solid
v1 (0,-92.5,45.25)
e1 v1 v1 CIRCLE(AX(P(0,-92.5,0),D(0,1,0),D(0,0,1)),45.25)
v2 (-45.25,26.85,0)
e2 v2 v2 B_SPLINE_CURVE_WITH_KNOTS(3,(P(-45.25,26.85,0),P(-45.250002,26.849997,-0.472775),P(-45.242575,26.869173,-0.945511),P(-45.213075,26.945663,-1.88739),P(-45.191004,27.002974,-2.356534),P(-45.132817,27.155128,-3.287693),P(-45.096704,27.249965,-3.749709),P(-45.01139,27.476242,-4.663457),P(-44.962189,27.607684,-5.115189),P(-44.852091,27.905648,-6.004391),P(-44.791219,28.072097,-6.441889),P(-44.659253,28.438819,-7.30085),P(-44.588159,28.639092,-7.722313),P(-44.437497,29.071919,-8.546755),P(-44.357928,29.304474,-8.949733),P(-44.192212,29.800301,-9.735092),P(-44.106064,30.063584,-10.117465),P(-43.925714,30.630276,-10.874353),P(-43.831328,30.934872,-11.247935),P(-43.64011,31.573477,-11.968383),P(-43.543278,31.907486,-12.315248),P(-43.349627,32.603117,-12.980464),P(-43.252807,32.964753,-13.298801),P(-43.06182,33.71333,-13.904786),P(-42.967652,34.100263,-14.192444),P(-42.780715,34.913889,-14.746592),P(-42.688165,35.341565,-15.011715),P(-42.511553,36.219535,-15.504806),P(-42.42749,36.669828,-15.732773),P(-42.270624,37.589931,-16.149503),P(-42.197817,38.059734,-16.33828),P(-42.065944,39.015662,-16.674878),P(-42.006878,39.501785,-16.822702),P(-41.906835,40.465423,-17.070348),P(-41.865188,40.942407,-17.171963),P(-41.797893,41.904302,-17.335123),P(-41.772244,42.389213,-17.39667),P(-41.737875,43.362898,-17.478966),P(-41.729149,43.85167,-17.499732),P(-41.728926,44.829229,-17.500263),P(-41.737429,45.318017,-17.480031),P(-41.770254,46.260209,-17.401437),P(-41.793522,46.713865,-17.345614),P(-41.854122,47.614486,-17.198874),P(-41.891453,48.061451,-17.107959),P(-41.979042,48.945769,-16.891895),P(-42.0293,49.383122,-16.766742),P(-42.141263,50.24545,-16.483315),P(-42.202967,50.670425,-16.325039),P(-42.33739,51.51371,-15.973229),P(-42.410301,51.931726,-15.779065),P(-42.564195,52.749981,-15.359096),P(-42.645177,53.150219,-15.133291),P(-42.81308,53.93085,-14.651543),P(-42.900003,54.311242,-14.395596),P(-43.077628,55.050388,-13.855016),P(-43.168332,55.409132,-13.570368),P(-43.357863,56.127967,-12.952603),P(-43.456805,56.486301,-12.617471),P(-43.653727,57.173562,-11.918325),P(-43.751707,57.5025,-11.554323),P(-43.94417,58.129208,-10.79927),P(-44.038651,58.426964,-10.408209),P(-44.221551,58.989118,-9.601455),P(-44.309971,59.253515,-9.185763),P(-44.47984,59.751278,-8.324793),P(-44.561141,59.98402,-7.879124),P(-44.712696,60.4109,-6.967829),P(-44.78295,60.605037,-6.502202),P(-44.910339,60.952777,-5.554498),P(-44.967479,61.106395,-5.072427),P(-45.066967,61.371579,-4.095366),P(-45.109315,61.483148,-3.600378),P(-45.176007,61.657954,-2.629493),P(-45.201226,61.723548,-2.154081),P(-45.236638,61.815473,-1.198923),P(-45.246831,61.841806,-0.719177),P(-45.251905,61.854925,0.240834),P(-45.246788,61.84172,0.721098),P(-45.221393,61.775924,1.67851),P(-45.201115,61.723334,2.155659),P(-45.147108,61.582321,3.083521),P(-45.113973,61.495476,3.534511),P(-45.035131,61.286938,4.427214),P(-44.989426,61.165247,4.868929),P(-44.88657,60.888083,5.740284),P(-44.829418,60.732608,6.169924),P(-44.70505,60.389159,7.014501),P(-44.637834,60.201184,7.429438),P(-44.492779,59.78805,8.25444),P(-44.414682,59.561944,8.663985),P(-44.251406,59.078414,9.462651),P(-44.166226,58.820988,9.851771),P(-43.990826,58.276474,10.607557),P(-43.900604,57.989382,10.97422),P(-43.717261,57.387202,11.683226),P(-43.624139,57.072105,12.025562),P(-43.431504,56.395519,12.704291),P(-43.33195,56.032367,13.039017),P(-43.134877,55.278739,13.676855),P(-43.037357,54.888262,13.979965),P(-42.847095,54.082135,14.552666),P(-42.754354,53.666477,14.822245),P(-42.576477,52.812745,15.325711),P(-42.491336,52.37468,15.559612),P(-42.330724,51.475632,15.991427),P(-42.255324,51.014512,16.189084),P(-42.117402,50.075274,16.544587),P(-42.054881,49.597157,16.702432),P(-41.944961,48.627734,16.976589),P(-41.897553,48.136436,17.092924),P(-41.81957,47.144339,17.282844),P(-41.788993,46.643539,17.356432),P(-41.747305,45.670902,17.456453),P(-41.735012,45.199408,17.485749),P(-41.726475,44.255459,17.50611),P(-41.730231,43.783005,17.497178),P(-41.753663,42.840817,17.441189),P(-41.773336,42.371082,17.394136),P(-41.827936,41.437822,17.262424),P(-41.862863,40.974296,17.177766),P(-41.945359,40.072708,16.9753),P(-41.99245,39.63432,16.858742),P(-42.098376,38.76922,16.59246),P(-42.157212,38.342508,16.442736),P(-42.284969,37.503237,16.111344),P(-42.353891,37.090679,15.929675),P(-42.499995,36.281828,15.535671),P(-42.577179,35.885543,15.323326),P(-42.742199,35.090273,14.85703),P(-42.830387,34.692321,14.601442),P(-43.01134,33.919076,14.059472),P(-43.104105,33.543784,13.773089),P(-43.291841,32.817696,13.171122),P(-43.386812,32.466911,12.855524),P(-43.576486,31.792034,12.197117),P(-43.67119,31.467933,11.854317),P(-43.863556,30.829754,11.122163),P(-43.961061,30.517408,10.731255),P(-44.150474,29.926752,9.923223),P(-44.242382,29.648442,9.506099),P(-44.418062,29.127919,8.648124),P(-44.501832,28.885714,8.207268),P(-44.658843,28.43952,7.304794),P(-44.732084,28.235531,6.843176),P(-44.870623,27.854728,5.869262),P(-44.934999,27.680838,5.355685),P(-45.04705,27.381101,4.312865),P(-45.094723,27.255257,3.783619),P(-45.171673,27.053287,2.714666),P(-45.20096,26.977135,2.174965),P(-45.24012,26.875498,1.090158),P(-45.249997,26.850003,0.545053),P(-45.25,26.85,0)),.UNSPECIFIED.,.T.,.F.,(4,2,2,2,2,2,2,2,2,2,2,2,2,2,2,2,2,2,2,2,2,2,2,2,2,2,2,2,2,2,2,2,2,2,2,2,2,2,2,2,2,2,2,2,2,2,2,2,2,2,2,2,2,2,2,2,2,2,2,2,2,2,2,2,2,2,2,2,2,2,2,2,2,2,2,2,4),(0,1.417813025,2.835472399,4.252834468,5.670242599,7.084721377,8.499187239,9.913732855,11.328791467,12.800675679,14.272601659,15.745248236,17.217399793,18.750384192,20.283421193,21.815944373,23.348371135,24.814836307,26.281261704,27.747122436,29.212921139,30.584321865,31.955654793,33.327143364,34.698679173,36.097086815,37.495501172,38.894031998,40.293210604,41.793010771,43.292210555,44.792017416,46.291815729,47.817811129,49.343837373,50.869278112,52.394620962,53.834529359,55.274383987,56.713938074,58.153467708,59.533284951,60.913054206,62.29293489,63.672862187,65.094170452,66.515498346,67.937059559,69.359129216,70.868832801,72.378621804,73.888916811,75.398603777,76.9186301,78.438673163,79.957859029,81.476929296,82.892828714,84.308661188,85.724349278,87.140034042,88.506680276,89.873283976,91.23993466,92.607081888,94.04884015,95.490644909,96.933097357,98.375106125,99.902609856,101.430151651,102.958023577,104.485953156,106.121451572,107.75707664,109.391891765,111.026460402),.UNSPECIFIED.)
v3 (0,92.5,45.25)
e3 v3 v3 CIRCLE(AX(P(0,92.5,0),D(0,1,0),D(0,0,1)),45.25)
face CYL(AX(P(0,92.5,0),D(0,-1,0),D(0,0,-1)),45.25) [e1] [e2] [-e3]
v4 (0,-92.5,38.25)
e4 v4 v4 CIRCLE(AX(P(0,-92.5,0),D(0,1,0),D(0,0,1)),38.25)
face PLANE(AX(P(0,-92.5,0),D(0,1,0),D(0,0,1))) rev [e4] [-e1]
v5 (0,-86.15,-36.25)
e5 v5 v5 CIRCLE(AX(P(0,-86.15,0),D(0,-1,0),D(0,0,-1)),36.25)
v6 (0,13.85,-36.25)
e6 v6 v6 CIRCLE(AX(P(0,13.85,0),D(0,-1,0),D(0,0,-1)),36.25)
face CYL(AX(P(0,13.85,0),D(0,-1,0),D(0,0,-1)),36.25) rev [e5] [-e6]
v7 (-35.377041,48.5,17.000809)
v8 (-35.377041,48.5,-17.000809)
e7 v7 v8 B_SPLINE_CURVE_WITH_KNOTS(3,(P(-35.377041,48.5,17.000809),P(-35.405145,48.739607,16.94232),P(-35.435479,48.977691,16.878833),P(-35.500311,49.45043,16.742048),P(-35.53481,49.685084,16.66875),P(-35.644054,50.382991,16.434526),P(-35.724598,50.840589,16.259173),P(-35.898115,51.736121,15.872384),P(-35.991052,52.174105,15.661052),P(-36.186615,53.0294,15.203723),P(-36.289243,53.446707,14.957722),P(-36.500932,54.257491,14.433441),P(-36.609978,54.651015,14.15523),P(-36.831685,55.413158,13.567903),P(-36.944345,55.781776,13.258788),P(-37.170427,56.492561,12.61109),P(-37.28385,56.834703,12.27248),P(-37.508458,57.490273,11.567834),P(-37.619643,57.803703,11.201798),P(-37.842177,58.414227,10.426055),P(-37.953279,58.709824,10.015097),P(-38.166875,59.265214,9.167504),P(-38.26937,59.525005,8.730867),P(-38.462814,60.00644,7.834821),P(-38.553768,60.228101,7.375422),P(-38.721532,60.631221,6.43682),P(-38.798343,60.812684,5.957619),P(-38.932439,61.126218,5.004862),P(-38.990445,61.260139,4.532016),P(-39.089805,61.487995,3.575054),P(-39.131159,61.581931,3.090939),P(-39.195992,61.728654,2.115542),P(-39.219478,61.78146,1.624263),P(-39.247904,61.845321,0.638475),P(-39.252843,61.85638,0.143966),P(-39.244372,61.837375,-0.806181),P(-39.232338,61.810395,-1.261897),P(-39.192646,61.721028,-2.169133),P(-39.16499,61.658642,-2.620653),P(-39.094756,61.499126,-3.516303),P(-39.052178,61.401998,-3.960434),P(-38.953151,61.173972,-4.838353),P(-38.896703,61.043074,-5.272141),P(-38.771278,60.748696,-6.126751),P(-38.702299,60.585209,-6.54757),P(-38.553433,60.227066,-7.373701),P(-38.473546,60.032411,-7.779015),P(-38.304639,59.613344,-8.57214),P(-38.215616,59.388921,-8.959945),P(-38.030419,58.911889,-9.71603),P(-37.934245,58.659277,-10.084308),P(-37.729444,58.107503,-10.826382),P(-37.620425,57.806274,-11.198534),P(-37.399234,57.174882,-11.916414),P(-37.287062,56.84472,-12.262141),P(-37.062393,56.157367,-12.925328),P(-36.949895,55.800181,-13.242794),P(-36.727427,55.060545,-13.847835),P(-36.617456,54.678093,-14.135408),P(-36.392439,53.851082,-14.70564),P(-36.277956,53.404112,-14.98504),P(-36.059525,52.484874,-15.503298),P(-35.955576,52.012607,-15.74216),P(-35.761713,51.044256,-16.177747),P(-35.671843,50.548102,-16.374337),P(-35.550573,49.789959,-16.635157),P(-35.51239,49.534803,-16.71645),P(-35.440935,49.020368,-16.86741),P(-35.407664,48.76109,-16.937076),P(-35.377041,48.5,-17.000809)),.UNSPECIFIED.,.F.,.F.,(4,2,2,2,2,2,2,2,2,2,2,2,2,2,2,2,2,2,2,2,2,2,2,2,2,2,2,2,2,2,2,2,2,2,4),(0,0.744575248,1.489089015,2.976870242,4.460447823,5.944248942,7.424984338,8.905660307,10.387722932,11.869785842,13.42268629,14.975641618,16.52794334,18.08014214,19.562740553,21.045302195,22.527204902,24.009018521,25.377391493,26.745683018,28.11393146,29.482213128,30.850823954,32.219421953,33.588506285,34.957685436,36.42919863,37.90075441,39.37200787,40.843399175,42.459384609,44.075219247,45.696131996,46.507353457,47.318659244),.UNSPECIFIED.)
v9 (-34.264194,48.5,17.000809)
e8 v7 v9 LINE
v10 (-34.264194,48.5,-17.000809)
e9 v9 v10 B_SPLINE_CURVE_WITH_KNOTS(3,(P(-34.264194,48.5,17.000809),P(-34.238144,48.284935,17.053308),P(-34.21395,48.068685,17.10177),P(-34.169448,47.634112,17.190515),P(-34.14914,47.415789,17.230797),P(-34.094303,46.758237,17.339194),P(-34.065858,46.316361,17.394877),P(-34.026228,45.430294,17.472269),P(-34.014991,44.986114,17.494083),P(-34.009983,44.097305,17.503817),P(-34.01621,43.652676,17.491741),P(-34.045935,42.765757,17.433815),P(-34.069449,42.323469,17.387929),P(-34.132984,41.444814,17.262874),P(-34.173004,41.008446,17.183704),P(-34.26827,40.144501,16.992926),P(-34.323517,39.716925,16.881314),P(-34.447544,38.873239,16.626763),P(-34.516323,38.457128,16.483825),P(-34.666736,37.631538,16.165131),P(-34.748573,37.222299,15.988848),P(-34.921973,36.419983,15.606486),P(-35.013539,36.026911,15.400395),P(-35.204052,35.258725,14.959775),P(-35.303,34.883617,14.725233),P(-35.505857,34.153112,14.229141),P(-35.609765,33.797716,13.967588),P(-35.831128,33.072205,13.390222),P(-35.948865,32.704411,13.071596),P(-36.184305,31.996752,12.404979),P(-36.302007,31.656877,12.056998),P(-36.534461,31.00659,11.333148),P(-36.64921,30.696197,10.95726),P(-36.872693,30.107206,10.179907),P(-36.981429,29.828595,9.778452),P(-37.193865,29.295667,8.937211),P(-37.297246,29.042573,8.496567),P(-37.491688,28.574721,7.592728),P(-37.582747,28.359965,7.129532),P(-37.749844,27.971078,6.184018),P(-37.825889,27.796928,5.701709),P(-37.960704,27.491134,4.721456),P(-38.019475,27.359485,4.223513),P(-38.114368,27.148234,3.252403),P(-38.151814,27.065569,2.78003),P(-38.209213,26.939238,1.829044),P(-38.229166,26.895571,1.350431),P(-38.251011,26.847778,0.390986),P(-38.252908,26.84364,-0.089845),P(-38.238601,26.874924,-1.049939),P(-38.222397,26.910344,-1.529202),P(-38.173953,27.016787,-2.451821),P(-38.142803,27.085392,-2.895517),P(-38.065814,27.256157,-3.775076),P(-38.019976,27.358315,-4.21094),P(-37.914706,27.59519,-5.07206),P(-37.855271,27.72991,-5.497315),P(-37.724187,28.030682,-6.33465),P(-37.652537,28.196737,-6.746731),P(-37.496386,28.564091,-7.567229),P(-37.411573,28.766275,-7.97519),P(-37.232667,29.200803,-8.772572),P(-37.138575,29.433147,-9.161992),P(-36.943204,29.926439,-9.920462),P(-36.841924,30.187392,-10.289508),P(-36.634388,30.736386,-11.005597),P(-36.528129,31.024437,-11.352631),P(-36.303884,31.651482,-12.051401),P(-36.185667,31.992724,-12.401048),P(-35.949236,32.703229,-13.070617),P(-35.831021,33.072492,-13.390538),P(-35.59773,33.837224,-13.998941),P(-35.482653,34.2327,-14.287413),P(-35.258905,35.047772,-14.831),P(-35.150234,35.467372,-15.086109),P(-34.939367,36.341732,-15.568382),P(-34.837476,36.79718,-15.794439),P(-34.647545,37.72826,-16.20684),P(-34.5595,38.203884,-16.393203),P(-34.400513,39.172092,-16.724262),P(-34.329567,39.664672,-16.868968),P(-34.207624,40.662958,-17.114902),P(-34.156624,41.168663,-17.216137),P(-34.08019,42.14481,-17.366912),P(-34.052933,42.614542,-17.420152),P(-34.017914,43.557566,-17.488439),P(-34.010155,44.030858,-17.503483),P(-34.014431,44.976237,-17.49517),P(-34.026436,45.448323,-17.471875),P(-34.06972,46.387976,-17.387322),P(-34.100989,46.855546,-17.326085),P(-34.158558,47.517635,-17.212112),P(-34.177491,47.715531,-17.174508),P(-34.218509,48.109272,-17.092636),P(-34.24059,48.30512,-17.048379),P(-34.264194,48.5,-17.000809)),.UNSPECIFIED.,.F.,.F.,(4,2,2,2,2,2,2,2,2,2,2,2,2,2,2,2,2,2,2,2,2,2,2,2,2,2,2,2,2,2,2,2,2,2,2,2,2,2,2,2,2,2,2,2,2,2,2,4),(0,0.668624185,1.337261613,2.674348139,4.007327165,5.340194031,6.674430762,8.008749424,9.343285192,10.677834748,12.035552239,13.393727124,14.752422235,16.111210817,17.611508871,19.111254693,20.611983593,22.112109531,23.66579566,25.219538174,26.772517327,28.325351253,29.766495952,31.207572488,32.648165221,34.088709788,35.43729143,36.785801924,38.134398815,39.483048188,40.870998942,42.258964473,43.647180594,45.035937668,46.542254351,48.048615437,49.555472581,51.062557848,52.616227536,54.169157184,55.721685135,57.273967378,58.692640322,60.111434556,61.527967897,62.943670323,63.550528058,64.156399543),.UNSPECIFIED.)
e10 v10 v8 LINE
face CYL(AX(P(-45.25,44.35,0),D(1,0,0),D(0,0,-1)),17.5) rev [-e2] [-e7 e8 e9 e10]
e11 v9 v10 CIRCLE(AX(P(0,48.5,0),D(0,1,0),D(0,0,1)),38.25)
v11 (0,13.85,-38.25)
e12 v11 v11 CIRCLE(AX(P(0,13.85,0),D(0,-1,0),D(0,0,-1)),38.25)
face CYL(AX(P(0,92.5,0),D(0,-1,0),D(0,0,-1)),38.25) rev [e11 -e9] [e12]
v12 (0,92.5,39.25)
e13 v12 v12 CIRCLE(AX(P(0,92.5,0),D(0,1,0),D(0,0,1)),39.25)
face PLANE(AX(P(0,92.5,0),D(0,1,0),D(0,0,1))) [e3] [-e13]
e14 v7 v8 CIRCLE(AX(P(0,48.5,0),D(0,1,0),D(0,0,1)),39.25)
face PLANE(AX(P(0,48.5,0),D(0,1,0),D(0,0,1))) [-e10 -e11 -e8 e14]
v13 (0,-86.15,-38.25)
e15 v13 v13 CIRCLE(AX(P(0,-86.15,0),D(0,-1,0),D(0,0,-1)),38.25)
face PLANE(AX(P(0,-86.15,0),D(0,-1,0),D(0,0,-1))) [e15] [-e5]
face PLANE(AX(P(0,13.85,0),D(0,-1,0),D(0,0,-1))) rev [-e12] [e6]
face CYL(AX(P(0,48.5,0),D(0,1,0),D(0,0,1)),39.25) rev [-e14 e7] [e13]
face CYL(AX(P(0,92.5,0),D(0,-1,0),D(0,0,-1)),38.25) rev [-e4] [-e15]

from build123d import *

# Parameters (mm, degrees)
SKETCH1_R           = 45.25
SKETCH1_R_2         = 38.25
BOSS_EXTRUDE1_DEPTH = 92.5
BOSS_EXTRUDE2_START = -6.35
SKETCH2_R           = 38.25
SKETCH2_R_2         = 36.25
BOSS_EXTRUDE2_DEPTH = 100
CUT_EXTRUDE3_START  = -44
SKETCH6_R           = 39.25
SKETCH6_R_2         = 38.25
CUT_EXTRUDE3_DEPTH  = 44
SKETCH7_R           = 17.5
CUT_EXTRUDE4_DEPTH  = 113.478331247


with BuildPart() as part:
    # Sketch1 → Boss-Extrude1 (new, symmetric)
    with BuildSketch(Plane(origin=(0, 0, 0), x_dir=(1, 0, 0), z_dir=(0, 1, 0))):
        with Locations(Location((0, 0, 0), (0, 0, 270))):
            Circle(SKETCH1_R)
        with Locations(Location((0, 0, 0), (0, 0, 270))):
            Circle(SKETCH1_R_2, mode=Mode.SUBTRACT)
    extrude(amount=BOSS_EXTRUDE1_DEPTH, both=True)

    # Sketch2 → Boss-Extrude2 (add)
    with BuildSketch(Plane.XZ.offset(92.5).offset(BOSS_EXTRUDE2_START)):
        with Locations(Location((0, 0, 0), (0, 0, 270))):
            Circle(SKETCH2_R)
        with Locations(Location((0, 0, 0), (0, 0, 270))):
            Circle(SKETCH2_R_2, mode=Mode.SUBTRACT)
    extrude(amount=-BOSS_EXTRUDE2_DEPTH)

    # Sketch6 → Cut-Extrude3 (cut)
    with BuildSketch(Plane(origin=(0, 92.5, 0), x_dir=(1, 0, 0), z_dir=(0, 1, 0)).offset(CUT_EXTRUDE3_START)):
        with Locations(Location((0, 0, 0), (0, 0, 270))):
            Circle(SKETCH6_R)
        with Locations(Location((0, 0, 0), (0, 0, 90))):
            Circle(SKETCH6_R_2, mode=Mode.SUBTRACT)
    extrude(amount=CUT_EXTRUDE3_DEPTH, mode=Mode.SUBTRACT)

    # Sketch7 → Cut-Extrude4 (cut, through all)
    with BuildSketch(Plane(origin=(0, 0, 0), x_dir=(0, 0, -1), z_dir=(1, 0, 0))):
        with Locations(Location((0, 44.35, 0), (0, 0, 13.717970606))):
            Circle(SKETCH7_R)
    extrude(amount=-CUT_EXTRUDE4_DEPTH, mode=Mode.SUBTRACT)


solid = part.part
